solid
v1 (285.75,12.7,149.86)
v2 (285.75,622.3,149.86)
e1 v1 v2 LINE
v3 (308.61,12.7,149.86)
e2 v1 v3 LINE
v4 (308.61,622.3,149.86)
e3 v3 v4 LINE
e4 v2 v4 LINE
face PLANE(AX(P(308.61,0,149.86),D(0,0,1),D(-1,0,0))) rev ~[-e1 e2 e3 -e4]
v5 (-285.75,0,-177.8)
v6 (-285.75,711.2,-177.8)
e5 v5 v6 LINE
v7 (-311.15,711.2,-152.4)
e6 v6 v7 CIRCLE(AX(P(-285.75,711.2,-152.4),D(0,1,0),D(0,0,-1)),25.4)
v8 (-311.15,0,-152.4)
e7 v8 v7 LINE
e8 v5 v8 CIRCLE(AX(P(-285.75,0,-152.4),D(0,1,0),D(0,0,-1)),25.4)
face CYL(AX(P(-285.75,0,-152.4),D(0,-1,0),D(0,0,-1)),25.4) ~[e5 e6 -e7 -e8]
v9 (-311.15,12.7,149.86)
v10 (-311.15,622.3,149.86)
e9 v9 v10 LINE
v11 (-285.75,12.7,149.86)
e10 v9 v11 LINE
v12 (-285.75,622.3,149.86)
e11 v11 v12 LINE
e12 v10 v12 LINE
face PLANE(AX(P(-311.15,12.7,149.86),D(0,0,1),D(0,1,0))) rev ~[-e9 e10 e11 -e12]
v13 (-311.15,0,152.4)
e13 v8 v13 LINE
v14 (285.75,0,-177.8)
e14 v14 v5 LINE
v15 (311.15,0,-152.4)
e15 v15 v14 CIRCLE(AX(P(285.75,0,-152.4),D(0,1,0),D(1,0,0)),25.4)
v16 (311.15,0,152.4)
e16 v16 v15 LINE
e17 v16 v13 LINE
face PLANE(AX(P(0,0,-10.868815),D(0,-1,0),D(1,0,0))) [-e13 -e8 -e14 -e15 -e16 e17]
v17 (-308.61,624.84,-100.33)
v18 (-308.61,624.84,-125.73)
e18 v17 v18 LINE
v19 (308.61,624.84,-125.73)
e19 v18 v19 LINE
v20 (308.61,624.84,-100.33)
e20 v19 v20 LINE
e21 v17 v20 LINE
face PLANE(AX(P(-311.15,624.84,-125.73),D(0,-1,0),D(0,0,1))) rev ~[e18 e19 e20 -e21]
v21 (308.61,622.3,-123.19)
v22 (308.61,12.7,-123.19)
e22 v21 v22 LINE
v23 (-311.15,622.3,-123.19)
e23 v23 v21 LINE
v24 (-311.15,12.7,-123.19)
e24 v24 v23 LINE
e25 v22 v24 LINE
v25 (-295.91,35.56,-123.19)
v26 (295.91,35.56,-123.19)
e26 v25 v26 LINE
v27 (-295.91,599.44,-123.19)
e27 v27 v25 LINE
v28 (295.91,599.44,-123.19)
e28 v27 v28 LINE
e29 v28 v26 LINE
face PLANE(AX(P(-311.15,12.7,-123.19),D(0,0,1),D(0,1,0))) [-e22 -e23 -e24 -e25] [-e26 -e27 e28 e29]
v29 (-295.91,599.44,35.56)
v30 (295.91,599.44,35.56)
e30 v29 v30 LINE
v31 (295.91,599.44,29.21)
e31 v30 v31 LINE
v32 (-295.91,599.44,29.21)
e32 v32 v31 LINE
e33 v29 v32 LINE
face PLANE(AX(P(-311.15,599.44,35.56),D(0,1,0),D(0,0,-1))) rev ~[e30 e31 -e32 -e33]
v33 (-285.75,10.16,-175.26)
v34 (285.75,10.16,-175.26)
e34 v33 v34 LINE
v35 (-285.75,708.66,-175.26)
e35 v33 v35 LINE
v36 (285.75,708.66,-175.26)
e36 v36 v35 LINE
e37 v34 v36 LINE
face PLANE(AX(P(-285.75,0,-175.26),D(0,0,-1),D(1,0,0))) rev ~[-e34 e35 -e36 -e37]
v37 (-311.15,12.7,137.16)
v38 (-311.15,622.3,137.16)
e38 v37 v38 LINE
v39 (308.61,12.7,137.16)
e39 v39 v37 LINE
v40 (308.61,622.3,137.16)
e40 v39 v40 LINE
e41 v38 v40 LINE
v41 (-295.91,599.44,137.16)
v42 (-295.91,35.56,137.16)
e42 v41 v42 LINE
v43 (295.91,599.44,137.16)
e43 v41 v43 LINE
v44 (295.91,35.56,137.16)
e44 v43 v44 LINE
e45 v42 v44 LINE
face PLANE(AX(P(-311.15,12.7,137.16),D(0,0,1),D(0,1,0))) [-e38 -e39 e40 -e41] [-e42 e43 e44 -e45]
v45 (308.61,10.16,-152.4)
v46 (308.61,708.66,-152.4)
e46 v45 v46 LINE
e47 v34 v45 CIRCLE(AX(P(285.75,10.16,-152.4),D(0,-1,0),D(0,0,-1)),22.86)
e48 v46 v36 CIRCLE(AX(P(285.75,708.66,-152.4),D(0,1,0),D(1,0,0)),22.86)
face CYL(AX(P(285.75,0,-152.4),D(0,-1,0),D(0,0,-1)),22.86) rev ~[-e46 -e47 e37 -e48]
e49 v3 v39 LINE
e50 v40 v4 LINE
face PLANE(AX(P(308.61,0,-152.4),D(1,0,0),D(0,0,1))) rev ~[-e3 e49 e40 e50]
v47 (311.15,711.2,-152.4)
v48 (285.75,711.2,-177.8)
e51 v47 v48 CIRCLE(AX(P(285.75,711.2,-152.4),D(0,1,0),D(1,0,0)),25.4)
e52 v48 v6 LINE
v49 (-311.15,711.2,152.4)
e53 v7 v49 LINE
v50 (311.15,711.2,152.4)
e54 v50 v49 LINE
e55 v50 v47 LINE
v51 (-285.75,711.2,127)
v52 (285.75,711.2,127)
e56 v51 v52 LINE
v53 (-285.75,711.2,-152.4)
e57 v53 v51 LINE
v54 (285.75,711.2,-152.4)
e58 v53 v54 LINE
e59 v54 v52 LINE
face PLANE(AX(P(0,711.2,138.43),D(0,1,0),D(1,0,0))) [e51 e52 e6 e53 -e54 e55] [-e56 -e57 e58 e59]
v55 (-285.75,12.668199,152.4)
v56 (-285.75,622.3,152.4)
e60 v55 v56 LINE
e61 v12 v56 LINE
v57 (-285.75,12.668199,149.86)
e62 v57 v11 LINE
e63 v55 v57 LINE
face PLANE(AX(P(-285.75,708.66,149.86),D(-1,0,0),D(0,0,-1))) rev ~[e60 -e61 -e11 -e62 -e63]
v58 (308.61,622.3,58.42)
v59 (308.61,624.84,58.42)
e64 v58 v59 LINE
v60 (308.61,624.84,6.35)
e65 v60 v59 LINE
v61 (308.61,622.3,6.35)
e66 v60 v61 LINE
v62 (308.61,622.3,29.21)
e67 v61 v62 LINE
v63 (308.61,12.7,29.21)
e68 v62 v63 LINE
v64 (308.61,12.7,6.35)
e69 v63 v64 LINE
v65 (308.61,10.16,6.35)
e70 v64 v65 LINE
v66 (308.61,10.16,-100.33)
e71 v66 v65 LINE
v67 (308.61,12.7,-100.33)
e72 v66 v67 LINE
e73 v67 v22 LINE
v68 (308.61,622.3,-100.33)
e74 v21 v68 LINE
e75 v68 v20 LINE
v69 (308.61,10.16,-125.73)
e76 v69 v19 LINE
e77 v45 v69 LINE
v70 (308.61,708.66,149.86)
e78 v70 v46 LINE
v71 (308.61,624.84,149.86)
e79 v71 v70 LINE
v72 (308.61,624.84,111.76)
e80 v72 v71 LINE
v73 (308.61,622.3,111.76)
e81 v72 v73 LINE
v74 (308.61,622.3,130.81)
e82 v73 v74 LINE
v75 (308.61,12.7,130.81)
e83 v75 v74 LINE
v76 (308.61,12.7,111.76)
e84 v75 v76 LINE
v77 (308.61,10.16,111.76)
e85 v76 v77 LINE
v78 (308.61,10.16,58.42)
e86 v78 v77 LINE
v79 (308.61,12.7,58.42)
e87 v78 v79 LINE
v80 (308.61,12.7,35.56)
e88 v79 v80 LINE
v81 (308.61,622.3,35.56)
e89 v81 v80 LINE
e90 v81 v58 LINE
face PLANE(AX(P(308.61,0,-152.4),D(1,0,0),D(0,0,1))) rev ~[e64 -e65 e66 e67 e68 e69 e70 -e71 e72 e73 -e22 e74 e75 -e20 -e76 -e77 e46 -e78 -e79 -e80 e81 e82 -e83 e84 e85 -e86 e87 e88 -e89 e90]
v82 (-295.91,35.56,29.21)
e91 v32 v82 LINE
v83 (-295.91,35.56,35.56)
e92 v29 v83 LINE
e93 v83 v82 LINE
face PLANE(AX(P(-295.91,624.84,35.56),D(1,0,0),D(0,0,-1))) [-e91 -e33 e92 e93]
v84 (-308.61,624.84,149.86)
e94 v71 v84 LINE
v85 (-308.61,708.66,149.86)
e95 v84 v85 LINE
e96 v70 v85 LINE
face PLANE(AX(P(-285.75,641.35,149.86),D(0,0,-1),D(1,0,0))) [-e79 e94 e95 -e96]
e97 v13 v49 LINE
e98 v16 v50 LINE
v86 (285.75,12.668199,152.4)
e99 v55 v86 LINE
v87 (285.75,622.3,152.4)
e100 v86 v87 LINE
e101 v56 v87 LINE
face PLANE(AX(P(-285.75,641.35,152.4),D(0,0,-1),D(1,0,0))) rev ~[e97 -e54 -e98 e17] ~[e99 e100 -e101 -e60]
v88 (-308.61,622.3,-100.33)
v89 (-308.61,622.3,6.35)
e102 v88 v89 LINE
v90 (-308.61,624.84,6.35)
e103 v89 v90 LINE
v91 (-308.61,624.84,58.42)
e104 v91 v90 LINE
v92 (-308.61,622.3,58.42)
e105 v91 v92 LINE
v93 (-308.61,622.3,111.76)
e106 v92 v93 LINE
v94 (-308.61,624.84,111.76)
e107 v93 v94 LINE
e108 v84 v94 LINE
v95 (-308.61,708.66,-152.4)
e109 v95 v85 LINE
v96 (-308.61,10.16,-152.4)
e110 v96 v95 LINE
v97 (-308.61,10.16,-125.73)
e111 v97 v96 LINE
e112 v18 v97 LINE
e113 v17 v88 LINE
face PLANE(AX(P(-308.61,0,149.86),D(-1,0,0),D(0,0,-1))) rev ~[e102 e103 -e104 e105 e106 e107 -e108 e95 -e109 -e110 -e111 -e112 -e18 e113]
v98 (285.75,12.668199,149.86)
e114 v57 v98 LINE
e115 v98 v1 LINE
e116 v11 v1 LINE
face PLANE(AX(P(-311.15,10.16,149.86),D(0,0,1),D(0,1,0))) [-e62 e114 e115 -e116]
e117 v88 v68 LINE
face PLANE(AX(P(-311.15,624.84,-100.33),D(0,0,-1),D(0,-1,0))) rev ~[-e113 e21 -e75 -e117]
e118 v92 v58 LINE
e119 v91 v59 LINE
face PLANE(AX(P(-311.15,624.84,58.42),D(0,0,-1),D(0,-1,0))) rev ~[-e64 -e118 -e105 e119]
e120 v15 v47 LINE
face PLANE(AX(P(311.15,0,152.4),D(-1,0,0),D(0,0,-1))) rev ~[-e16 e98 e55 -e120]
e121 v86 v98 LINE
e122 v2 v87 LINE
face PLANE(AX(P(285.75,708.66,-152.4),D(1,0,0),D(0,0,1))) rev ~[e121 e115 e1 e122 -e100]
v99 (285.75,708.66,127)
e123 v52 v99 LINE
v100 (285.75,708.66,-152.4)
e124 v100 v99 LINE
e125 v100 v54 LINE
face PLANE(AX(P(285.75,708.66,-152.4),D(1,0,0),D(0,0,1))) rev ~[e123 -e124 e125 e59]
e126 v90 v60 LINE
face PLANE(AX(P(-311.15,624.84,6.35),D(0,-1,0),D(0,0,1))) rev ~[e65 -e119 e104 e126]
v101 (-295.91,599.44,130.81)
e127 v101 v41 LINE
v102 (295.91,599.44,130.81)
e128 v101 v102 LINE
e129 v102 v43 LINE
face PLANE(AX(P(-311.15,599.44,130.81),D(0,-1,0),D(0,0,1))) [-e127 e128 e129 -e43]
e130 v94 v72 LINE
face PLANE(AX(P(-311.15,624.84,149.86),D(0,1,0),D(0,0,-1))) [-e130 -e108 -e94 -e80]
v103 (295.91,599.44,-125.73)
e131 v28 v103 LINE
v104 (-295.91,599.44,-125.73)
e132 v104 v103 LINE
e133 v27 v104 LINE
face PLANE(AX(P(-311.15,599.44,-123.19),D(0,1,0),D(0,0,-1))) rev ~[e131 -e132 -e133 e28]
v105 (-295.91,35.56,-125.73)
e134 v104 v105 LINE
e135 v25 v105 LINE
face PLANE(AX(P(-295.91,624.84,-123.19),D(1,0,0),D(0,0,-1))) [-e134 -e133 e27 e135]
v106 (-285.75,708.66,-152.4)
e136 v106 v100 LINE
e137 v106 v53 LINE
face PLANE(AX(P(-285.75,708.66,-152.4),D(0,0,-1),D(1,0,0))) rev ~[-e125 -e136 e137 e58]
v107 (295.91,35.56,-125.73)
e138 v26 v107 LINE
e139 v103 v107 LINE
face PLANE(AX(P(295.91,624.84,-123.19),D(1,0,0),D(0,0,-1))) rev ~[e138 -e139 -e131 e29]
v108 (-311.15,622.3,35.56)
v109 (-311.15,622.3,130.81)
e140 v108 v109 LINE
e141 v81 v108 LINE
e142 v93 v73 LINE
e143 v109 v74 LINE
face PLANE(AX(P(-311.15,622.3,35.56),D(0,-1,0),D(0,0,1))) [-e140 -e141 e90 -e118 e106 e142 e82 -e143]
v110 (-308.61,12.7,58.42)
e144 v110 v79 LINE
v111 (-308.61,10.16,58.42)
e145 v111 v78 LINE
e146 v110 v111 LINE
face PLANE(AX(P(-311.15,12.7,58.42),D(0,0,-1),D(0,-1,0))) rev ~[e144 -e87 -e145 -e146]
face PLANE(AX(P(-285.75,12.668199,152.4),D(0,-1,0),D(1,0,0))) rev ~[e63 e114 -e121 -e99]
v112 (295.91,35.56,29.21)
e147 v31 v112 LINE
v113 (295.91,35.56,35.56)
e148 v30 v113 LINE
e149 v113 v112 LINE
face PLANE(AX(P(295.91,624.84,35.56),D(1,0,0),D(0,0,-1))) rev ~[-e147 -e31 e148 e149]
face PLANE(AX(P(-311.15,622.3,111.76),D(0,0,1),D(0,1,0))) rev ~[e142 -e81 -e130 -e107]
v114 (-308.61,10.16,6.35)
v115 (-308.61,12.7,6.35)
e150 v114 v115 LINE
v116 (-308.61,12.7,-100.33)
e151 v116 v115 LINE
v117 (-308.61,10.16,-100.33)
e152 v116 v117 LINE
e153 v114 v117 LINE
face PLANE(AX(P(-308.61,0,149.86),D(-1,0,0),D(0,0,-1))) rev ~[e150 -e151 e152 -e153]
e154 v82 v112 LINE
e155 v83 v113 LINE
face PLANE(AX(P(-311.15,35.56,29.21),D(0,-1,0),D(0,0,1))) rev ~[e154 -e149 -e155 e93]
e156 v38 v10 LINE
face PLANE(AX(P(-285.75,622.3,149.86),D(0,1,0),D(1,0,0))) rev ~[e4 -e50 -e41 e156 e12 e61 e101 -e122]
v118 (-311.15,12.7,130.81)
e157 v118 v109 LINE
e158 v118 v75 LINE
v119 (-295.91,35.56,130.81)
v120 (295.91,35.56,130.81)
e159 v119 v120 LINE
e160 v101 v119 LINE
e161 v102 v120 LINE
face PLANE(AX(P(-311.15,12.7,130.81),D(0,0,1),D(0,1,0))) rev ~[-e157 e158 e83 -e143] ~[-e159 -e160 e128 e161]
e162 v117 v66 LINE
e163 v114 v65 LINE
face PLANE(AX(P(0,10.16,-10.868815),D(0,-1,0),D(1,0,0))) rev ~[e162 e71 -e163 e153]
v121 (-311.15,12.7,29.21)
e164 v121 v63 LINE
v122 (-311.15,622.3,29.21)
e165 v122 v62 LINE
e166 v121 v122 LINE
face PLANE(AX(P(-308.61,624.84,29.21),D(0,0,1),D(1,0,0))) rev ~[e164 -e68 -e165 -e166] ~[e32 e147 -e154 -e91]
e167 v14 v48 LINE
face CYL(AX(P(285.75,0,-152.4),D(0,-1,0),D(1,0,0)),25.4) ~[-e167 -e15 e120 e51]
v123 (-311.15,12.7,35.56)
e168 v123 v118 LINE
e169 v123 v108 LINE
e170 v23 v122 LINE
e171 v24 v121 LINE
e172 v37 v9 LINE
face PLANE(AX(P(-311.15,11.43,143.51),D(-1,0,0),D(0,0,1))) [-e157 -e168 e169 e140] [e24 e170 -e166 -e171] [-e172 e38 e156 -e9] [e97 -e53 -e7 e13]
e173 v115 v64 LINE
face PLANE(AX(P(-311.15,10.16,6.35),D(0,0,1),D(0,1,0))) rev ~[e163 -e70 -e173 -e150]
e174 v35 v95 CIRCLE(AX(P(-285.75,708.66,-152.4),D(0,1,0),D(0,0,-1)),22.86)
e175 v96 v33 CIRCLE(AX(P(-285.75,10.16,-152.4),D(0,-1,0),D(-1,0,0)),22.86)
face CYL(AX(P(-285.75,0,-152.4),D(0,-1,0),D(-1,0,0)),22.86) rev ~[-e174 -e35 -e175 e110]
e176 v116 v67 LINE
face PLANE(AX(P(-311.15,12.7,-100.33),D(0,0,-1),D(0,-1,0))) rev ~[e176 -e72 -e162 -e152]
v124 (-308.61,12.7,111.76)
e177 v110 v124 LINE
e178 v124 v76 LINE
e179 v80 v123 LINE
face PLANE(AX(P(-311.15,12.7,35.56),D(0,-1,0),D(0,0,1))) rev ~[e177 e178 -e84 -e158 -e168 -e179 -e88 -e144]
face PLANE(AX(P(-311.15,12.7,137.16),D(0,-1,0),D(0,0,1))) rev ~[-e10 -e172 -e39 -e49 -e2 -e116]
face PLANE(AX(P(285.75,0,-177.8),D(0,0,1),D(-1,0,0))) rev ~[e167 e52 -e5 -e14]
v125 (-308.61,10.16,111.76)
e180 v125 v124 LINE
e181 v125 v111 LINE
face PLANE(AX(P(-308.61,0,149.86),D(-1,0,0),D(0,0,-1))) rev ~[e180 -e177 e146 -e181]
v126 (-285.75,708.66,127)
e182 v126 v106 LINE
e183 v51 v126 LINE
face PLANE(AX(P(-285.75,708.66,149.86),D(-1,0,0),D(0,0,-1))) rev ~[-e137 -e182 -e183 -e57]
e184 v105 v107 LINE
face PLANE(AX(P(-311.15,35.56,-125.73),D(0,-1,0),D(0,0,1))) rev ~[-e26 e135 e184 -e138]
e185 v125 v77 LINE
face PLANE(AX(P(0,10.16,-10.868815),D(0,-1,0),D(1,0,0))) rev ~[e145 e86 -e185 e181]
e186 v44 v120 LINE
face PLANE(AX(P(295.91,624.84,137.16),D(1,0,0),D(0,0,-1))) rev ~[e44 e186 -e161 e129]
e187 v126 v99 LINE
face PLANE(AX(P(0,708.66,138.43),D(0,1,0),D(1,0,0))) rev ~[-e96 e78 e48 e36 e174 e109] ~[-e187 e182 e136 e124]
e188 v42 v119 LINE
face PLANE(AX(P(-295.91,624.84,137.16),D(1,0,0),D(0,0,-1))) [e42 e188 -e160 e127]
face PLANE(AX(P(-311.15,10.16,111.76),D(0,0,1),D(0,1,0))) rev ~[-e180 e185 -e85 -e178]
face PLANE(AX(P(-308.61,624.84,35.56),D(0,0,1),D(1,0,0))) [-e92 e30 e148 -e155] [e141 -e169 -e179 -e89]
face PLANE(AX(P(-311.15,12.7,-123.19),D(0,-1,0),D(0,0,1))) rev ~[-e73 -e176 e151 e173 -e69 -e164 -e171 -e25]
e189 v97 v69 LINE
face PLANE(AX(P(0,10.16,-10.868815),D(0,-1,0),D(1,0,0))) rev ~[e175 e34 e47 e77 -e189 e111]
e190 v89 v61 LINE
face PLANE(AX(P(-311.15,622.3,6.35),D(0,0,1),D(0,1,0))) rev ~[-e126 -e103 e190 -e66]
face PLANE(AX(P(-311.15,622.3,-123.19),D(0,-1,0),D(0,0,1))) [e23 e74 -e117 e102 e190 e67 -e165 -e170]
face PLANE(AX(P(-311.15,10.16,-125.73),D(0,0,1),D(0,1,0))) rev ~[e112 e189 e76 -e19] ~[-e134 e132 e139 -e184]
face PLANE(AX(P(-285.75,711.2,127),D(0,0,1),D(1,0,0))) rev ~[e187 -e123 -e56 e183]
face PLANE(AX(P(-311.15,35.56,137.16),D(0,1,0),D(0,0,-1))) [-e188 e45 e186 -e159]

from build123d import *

# Parameters (mm, degrees)
BOSS_EXTRUDE1_DEPTH = 711.2
BOSS_EXTRUDE2_REACH = 963.601
SKETCH2_W           = 12.7
SKETCH2_H           = 2.54
SKETCH3_W           = 152.4
SKETCH3_H           = 609.6
SKETCH3_W_2         = 95.25
SKETCH3_W_3         = 12.7
CUT_EXTRUDE1_DEPTH  = 2.54
SKETCH4_W           = 12.7
SKETCH4_H           = 6.35
SKETCH4_H_2         = 2.54
BOSS_EXTRUDE3_DEPTH = 589.28
SKETCH5_W           = 571.5
SKETCH5_H           = 12.668198963
BOSS_EXTRUDE4_DEPTH = 2.54
BOSS_EXTRUDE5_START = -2.54
BOSS_EXTRUDE5_DEPTH = 2.54
SKETCH7_W           = 571.5
SKETCH7_H           = 19.05
BOSS_EXTRUDE6_DEPTH = 2.54
SKETCH9_W           = 571.5
SKETCH9_H           = 2.54
BOSS_EXTRUDE7_DEPTH = 69.85
SKETCH10_W          = 571.5
SKETCH10_H          = 22.86
BOSS_EXTRUDE8_DEPTH = 2.54
BOSS_EXTRUDE9_START = 10.16
BOSS_EXTRUDE9_DEPTH = 10.16


with BuildPart() as part:
    # Sketch1 → Boss-Extrude1 (new body)
    with BuildSketch(Plane(origin=(0, 0, 0), x_dir=(1, 0, 0), z_dir=(0, 1, 0))):
        with BuildLine():
            Line((-285.75, 175.26), (285.75, 175.26))
            ThreePointArc((285.75, 175.26), (301.914461018, 168.564461018), (308.61, 152.4))
            Line((308.61, 152.4), (308.61, -149.86))
            Line((308.61, -149.86), (285.75, -149.86))
            Line((285.75, -149.86), (285.75, -152.4))
            Line((285.75, -152.4), (311.15, -152.4))
            Line((311.15, -152.4), (311.15, 152.4))
            ThreePointArc((311.15, 152.4), (303.710512242, 170.360512242), (285.75, 177.8))
            Line((285.75, 177.8), (-285.75, 177.8))
            ThreePointArc((-285.75, 177.8), (-303.710512242, 170.360512242), (-311.15, 152.4))
            Line((-311.15, 152.4), (-311.15, -152.4))
            Line((-311.15, -152.4), (-285.75, -152.4))
            Line((-285.75, -152.4), (-285.75, -149.86))
            Line((-285.75, -149.86), (-308.61, -149.86))
            Line((-308.61, -149.86), (-308.61, 152.4))
            ThreePointArc((-308.61, 152.4), (-301.914461018, 168.564461018), (-285.75, 175.26))
        make_face()
    extrude(amount=BOSS_EXTRUDE1_DEPTH)

    # Boss-Extrude2: up to this face of the body (flat: up to its plane)
    boss_extrude2_end = Plane(part.part.faces().sort_by_distance((308.61, 355.6, -1.27))[0])
    # Sketch2 → Boss-Extrude2 (add, up to the picked face)
    with BuildSketch(Plane.ZY.offset(311.15), mode=Mode.PRIVATE) as boss_extrude2_sk1:
        Polygon((-100.33, 622.3), (-123.19, 622.3), (-123.19, 599.44), (-125.73, 599.44), (-125.73, 624.84), (-100.33, 624.84), align=None)
    boss_extrude2_tool1 = split(extrude(boss_extrude2_sk1.sketch, amount=-BOSS_EXTRUDE2_REACH, mode=Mode.PRIVATE), bisect_by=boss_extrude2_end, keep=Keep.BOTH, mode=Mode.PRIVATE)
    # Sketch2 → Boss-Extrude2 (add, up to the picked face)
    with BuildSketch(Plane.ZY.offset(311.15), mode=Mode.PRIVATE) as boss_extrude2_sk2:
        Polygon((58.42, 622.3), (35.56, 622.3), (35.56, 599.44), (29.21, 599.44), (29.21, 622.3), (6.35, 622.3), (6.35, 624.84), (58.42, 624.84), align=None)
    boss_extrude2_tool2 = split(extrude(boss_extrude2_sk2.sketch, amount=-BOSS_EXTRUDE2_REACH, mode=Mode.PRIVATE), bisect_by=boss_extrude2_end, keep=Keep.BOTH, mode=Mode.PRIVATE)
    # Sketch2 → Boss-Extrude2 (add, up to the picked face)
    with BuildSketch(Plane.ZY.offset(311.15), mode=Mode.PRIVATE) as boss_extrude2_sk3:
        Polygon((134.099064666, 599.44), (130.81, 599.44), (130.81, 622.3), (111.76, 622.3), (111.76, 624.84), (137.16, 624.84), (149.86, 624.84), (149.86, 622.3), (137.16, 622.3), (137.16, 599.44), align=None)
    boss_extrude2_tool3 = split(extrude(boss_extrude2_sk3.sketch, amount=-BOSS_EXTRUDE2_REACH, mode=Mode.PRIVATE), bisect_by=boss_extrude2_end, keep=Keep.BOTH, mode=Mode.PRIVATE)
    # Sketch2 → Boss-Extrude2 (add, up to the picked face)
    with BuildSketch(Plane.ZY.offset(311.15), mode=Mode.PRIVATE) as boss_extrude2_sk4:
        Polygon((-123.19, 35.56), (-123.19, 12.7), (-100.33, 12.7), (-100.33, 10.16), (-125.73, 10.16), (-125.73, 35.56), align=None)
    boss_extrude2_tool4 = split(extrude(boss_extrude2_sk4.sketch, amount=-BOSS_EXTRUDE2_REACH, mode=Mode.PRIVATE), bisect_by=boss_extrude2_end, keep=Keep.BOTH, mode=Mode.PRIVATE)
    # Sketch2 → Boss-Extrude2 (add, up to the picked face)
    with BuildSketch(Plane.ZY.offset(311.15), mode=Mode.PRIVATE) as boss_extrude2_sk5:
        Polygon((58.42, 12.7), (58.42, 10.16), (6.35, 10.16), (6.35, 12.7), (29.21, 12.7), (29.21, 35.56), (35.56, 35.56), (35.56, 12.7), align=None)
    boss_extrude2_tool5 = split(extrude(boss_extrude2_sk5.sketch, amount=-BOSS_EXTRUDE2_REACH, mode=Mode.PRIVATE), bisect_by=boss_extrude2_end, keep=Keep.BOTH, mode=Mode.PRIVATE)
    # Sketch2 → Boss-Extrude2 (add, up to the picked face)
    with BuildSketch(Plane.ZY.offset(311.15), mode=Mode.PRIVATE) as boss_extrude2_sk6:
        Polygon((137.16, 35.56), (137.16, 12.7), (137.16, 10.16), (111.76, 10.16), (111.76, 12.7), (130.81, 12.7), (130.81, 35.56), (134.099064666, 35.56), align=None)
    boss_extrude2_tool6 = split(extrude(boss_extrude2_sk6.sketch, amount=-BOSS_EXTRUDE2_REACH, mode=Mode.PRIVATE), bisect_by=boss_extrude2_end, keep=Keep.BOTH, mode=Mode.PRIVATE)
    # Sketch2 → Boss-Extrude2 (add, up to the picked face)
    with BuildSketch(Plane.ZY.offset(311.15), mode=Mode.PRIVATE) as boss_extrude2_sk7:
        with Locations((143.51, 11.43)):
            Rectangle(SKETCH2_W, SKETCH2_H)
    boss_extrude2_tool7 = split(extrude(boss_extrude2_sk7.sketch, amount=-BOSS_EXTRUDE2_REACH, mode=Mode.PRIVATE), bisect_by=boss_extrude2_end, keep=Keep.BOTH, mode=Mode.PRIVATE)
    add(boss_extrude2_tool1.solids().sort_by(Axis((-311.15, 622.65921, -111.76), (1, 0, 0)))[0])
    add(boss_extrude2_tool2.solids().sort_by(Axis((-311.15, 616.924651, 32.385), (1, 0, 0)))[0])
    add(boss_extrude2_tool3.solids().sort_by(Axis((-311.15, 615.95, 132.715), (1, 0, 0)))[0])
    add(boss_extrude2_tool4.solids().sort_by(Axis((-311.15, 24.13, -123.54921), (1, 0, 0)))[0])
    add(boss_extrude2_tool5.solids().sort_by(Axis((-311.15, 18.075349, 32.385), (1, 0, 0)))[0])
    add(boss_extrude2_tool6.solids().sort_by(Axis((-311.15, 20.222308, 131.054231), (1, 0, 0)))[0])
    add(boss_extrude2_tool7.solids().sort_by(Axis((-311.15, 11.43, 143.51), (1, 0, 0)))[0])

    # Sketch3 → Cut-Extrude1 (cut)
    with BuildSketch(Plane.ZY.offset(311.15)):
        with Locations((-46.99, 317.5)):
            Rectangle(SKETCH3_W, SKETCH3_H)
        with Locations((83.185, 317.5)):
            Rectangle(SKETCH3_W_2, SKETCH3_H)
        with Locations((143.51, 317.5)):
            Rectangle(SKETCH3_W_3, SKETCH3_H)
    extrude(amount=-CUT_EXTRUDE1_DEPTH, mode=Mode.SUBTRACT)

    # Sketch4 → Boss-Extrude3 (add)
    with BuildSketch(Plane(origin=(0, 624.84, 0), x_dir=(1, 0, 0), z_dir=(0, 1, 0))):
        with Locations((-302.26, -32.385)):
            Rectangle(SKETCH4_W, SKETCH4_H)
        with Locations((-302.26, -133.985)):
            Rectangle(SKETCH4_W, SKETCH4_H)
        with Locations((-302.26, 124.46)):
            Rectangle(SKETCH4_W, SKETCH4_H_2)
        with Locations((302.26, -133.985)):
            Rectangle(SKETCH4_W, SKETCH4_H)
        with Locations((302.26, -32.385)):
            Rectangle(SKETCH4_W, SKETCH4_H)
        with Locations((302.26, 124.46)):
            Rectangle(SKETCH4_W, SKETCH4_H_2)
    extrude(amount=-BOSS_EXTRUDE3_DEPTH)

    # Sketch5 → Boss-Extrude4 (add)
    with BuildSketch(Plane.XY.offset(152.4)):
        with Locations((0, 6.334099482)):
            Rectangle(SKETCH5_W, SKETCH5_H)
    extrude(amount=-BOSS_EXTRUDE4_DEPTH)

    # Sketch6 → Boss-Extrude5 (add)
    with BuildSketch(Plane(origin=(0, 711.2, 0), x_dir=(1, 0, 0), z_dir=(0, 1, 0)).offset(BOSS_EXTRUDE5_START)):
        with BuildLine():
            Line((-285.75, -149.86), (-285.75, -124.46))
            Line((-285.75, -124.46), (-285.75, 152.4))
            Line((-285.75, 152.4), (285.75, 152.4))
            Line((285.75, 152.4), (285.75, -127))
            Line((285.75, -127), (285.75, -149.86))
            Line((285.75, -149.86), (308.61, -149.86))
            Line((308.61, -149.86), (308.61, 152.4))
            ThreePointArc((308.61, 152.4), (301.914461018, 168.564461018), (285.75, 175.26))
            Line((285.75, 175.26), (-285.75, 175.26))
            ThreePointArc((-285.75, 175.26), (-301.914461018, 168.564461018), (-308.61, 152.4))
            Line((-308.61, 152.4), (-308.61, -149.86))
            Line((-308.61, -149.86), (-285.75, -149.86))
        make_face()
    extrude(amount=BOSS_EXTRUDE5_DEPTH)

    # Sketch7 → Boss-Extrude6 (add)
    with BuildSketch(Plane.XY.offset(149.86)):
        with Locations((0, 631.825)):
            Rectangle(SKETCH7_W, SKETCH7_H)
    extrude(amount=BOSS_EXTRUDE6_DEPTH)

    # Sketch9 → Boss-Extrude7 (add)
    with BuildSketch(Plane(origin=(0, 641.35, 0), x_dir=(1, 0, 0), z_dir=(0, 1, 0))):
        with Locations((0, -151.13)):
            Rectangle(SKETCH9_W, SKETCH9_H)
    extrude(amount=BOSS_EXTRUDE7_DEPTH)

    # Sketch10 → Boss-Extrude8 (add)
    with BuildSketch(Plane(origin=(0, 711.2, 0), x_dir=(1, 0, 0), z_dir=(0, 1, 0))):
        with Locations((0, -138.43)):
            Rectangle(SKETCH10_W, SKETCH10_H)
    extrude(amount=-BOSS_EXTRUDE8_DEPTH)

    # Sketch11 → Boss-Extrude9 (add)
    with BuildSketch(Plane.XZ.offset(-10.16).offset(BOSS_EXTRUDE9_START)):
        with BuildLine():
            Line((-308.61, 149.86), (-308.61, -152.4))
            ThreePointArc((-308.61, -152.4), (-301.914461018, -168.564461018), (-285.75, -175.26))
            Line((-285.75, -175.26), (285.75, -175.26))
            ThreePointArc((285.75, -175.26), (301.914461018, -168.564461018), (308.61, -152.4))
            Line((308.61, -152.4), (308.61, 149.86))
            Line((308.61, 149.86), (-308.61, 149.86))
        make_face()
    extrude(amount=-BOSS_EXTRUDE9_DEPTH)


solid = part.part
